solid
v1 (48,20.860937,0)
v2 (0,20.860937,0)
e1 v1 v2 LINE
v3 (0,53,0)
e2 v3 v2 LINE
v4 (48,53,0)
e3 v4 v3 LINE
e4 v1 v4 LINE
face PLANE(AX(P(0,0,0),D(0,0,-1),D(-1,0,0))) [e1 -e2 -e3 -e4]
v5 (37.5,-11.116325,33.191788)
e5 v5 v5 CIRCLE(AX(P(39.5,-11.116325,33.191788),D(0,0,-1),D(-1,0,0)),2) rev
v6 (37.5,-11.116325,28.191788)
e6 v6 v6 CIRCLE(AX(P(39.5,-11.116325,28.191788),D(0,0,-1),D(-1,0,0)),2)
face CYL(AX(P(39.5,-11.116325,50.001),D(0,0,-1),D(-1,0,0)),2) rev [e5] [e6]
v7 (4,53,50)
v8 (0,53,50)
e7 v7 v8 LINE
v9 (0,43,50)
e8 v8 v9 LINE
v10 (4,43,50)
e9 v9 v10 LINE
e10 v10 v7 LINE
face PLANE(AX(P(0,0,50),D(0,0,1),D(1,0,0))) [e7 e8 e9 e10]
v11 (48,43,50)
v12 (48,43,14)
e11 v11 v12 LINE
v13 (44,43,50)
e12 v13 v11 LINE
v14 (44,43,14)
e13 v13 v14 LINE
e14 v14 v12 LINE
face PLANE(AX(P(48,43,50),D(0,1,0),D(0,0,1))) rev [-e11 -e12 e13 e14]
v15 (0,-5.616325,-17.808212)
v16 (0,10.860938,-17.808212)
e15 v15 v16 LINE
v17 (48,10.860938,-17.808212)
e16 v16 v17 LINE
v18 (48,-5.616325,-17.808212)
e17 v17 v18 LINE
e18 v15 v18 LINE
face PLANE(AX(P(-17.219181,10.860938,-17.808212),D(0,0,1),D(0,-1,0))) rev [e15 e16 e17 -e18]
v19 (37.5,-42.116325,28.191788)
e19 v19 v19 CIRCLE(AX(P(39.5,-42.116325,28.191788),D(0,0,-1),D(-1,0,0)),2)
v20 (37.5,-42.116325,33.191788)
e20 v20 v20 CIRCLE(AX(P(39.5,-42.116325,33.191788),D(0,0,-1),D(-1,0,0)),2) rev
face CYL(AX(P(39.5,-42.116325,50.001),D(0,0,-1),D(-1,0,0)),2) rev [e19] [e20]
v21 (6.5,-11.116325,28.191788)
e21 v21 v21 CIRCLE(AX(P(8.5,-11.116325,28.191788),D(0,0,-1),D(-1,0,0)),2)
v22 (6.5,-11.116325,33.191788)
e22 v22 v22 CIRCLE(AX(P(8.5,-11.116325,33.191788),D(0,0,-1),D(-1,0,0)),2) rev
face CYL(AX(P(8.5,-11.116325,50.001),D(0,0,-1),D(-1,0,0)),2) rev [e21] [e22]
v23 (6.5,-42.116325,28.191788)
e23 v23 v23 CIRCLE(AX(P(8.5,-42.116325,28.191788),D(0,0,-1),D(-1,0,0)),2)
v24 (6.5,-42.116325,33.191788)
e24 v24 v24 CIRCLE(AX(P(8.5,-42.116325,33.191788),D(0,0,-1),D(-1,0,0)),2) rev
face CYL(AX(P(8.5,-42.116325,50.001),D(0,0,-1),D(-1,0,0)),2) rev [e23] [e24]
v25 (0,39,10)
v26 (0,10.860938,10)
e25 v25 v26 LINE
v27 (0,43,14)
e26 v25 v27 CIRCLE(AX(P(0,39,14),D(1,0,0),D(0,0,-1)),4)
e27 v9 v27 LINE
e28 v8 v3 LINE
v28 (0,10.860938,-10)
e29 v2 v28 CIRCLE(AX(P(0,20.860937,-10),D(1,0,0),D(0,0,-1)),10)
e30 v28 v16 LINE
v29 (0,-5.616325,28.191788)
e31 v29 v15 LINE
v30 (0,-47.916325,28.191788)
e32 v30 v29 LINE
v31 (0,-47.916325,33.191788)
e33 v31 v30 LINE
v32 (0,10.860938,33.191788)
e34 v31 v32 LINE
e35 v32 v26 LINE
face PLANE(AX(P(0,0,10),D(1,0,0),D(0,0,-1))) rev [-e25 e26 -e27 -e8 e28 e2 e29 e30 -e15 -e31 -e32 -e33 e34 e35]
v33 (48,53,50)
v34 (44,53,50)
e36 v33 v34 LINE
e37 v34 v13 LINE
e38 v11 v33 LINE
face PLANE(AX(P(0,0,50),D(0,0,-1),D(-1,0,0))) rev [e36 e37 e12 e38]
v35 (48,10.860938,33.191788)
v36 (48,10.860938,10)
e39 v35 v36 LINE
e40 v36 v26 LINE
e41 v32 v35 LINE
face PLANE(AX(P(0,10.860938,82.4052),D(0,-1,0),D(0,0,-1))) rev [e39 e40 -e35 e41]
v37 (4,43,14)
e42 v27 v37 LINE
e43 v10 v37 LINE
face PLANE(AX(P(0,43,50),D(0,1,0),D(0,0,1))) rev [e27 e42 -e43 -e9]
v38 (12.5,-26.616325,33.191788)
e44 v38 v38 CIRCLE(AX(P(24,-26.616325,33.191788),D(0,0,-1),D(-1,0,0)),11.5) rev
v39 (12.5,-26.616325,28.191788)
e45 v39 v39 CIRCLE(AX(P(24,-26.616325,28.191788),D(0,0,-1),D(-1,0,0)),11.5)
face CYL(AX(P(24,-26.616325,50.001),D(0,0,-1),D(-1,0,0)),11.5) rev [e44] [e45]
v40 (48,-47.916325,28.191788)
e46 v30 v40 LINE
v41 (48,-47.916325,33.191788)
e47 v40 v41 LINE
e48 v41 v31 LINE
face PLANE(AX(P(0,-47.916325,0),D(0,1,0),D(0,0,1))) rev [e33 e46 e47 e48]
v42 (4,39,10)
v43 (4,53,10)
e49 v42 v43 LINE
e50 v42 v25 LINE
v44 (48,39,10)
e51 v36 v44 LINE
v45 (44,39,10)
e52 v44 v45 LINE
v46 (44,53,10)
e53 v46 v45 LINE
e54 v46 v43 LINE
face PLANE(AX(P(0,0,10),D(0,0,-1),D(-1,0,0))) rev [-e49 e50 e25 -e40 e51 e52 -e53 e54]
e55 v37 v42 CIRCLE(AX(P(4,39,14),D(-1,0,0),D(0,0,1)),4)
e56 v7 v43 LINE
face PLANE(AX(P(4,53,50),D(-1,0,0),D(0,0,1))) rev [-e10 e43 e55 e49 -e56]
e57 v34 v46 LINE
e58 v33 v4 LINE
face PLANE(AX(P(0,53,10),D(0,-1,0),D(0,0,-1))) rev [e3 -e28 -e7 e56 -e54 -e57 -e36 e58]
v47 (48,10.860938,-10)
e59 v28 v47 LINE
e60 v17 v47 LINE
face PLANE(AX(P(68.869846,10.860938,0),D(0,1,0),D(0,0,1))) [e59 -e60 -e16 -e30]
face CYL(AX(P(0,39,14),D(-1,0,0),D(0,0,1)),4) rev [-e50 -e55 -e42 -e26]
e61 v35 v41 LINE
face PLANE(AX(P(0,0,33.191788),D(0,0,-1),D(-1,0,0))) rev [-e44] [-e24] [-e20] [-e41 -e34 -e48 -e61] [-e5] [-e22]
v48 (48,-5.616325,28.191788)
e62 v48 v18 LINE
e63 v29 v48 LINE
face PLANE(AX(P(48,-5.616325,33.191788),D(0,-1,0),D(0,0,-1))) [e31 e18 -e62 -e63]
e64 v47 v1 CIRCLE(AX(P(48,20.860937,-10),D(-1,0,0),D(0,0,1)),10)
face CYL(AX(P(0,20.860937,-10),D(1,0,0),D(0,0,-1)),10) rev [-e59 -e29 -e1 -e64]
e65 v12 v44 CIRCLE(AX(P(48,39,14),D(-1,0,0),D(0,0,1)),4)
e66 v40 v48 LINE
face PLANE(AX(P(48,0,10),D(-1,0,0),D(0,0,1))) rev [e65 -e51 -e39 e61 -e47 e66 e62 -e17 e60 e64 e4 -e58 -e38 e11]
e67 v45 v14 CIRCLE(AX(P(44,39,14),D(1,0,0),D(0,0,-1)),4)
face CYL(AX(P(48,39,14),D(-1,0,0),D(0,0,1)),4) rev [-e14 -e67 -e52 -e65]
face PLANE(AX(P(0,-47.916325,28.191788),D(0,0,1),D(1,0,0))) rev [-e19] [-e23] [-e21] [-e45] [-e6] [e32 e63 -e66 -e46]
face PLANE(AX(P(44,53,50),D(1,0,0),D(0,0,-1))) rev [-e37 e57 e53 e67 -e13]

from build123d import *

# Parameters (mm, degrees)
SKETCH1_W           = 48
SKETCH1_H           = 53
BOSS_EXTRUDE1_DEPTH = 10
SKETCH2_W           = 48
SKETCH2_H           = 5.616325
BOSS_EXTRUDE2_DEPTH = 33.1917878
SKETCH4_W           = 4
SKETCH4_H           = 10
BOSS_EXTRUDE4_DEPTH = 40
SKETCH5_W           = 48
SKETCH5_H           = 10.8609375
BOSS_EXTRUDE5_DEPTH = 23.1917878
SKETCH6_W           = 48
SKETCH6_H           = 5
BOSS_EXTRUDE6_DEPTH = 42.3
SKETCH7_W           = 12.8082122
SKETCH7_H           = 16.4772625
BOSS_EXTRUDE7_DEPTH = 48
CUT_EXTRUDE1_REACH  = 84.426
SKETCH8_R           = 11.5
SKETCH8_R_2         = 2
FILLET1_R           = 10
FILLET2_R           = 4
SKETCH9_W           = 5
SKETCH9_H           = 16.4772625
BOSS_EXTRUDE9_DEPTH = 48


with BuildPart() as part:
    # Sketch1 → Boss-Extrude1 (new body)
    with BuildSketch(Plane.XY):
        with Locations((24, 26.5)):
            Rectangle(SKETCH1_W, SKETCH1_H)
    extrude(amount=BOSS_EXTRUDE1_DEPTH)

    # Sketch2 → Boss-Extrude2 (add)
    with BuildSketch(Plane(origin=(0, 0, 0), x_dir=(-1, 0, 0), z_dir=(0, 0, -1))):
        with Locations((-24, -2.8081625)):
            Rectangle(SKETCH2_W, SKETCH2_H)
    extrude(amount=-BOSS_EXTRUDE2_DEPTH)

    # Sketch4 → Boss-Extrude4 (add)
    with BuildSketch(Plane.XY.offset(10)):
        with Locations((2, 48)):
            Rectangle(SKETCH4_W, SKETCH4_H)
        with Locations((46, 48)):
            Rectangle(SKETCH4_W, SKETCH4_H)
    extrude(amount=BOSS_EXTRUDE4_DEPTH)

    # Sketch5 → Boss-Extrude5 (add)
    with BuildSketch(Plane.XY.offset(10)):
        with Locations((24, 5.43046875)):
            Rectangle(SKETCH5_W, SKETCH5_H)
    extrude(amount=BOSS_EXTRUDE5_DEPTH)

    # Sketch6 → Boss-Extrude6 (add)
    with BuildSketch(Plane.XZ.offset(5.616325)):
        with Locations((24, 30.6917878)):
            Rectangle(SKETCH6_W, SKETCH6_H)
    extrude(amount=BOSS_EXTRUDE6_DEPTH)

    # Sketch7 → Boss-Extrude7 (add)
    with BuildSketch(Plane.ZY):
        with Locations((-6.4041061, 2.62230625)):
            Rectangle(SKETCH7_W, SKETCH7_H)
    extrude(amount=-BOSS_EXTRUDE7_DEPTH)

    # Sketch8 → Cut-Extrude1 (cut, up to next)
    with BuildSketch(Plane(origin=(0, 0, 28.1917878), x_dir=(-1, 0, 0), z_dir=(0, 0, -1)), mode=Mode.PRIVATE) as cut_extrude1_sk1:
        with Locations((-24, -26.616325)):
            Circle(SKETCH8_R)
    cut_extrude1_tool1 = extrude(cut_extrude1_sk1.sketch, amount=-CUT_EXTRUDE1_REACH, mode=Mode.PRIVATE) & part.part
    # Sketch8 → Cut-Extrude1 (cut, up to next)
    with BuildSketch(Plane(origin=(0, 0, 28.1917878), x_dir=(-1, 0, 0), z_dir=(0, 0, -1)), mode=Mode.PRIVATE) as cut_extrude1_sk2:
        with Locations((-39.5, -11.116325)):
            Circle(SKETCH8_R_2)
    cut_extrude1_tool2 = extrude(cut_extrude1_sk2.sketch, amount=-CUT_EXTRUDE1_REACH, mode=Mode.PRIVATE) & part.part
    # Sketch8 → Cut-Extrude1 (cut, up to next)
    with BuildSketch(Plane(origin=(0, 0, 28.1917878), x_dir=(-1, 0, 0), z_dir=(0, 0, -1)), mode=Mode.PRIVATE) as cut_extrude1_sk3:
        with Locations((-39.5, -42.116325)):
            Circle(SKETCH8_R_2)
    cut_extrude1_tool3 = extrude(cut_extrude1_sk3.sketch, amount=-CUT_EXTRUDE1_REACH, mode=Mode.PRIVATE) & part.part
    # Sketch8 → Cut-Extrude1 (cut, up to next)
    with BuildSketch(Plane(origin=(0, 0, 28.1917878), x_dir=(-1, 0, 0), z_dir=(0, 0, -1)), mode=Mode.PRIVATE) as cut_extrude1_sk4:
        with Locations((-8.5, -11.116325)):
            Circle(SKETCH8_R_2)
    cut_extrude1_tool4 = extrude(cut_extrude1_sk4.sketch, amount=-CUT_EXTRUDE1_REACH, mode=Mode.PRIVATE) & part.part
    # Sketch8 → Cut-Extrude1 (cut, up to next)
    with BuildSketch(Plane(origin=(0, 0, 28.1917878), x_dir=(-1, 0, 0), z_dir=(0, 0, -1)), mode=Mode.PRIVATE) as cut_extrude1_sk5:
        with Locations((-8.5, -42.116325)):
            Circle(SKETCH8_R_2)
    cut_extrude1_tool5 = extrude(cut_extrude1_sk5.sketch, amount=-CUT_EXTRUDE1_REACH, mode=Mode.PRIVATE) & part.part
    add(cut_extrude1_tool1.solids().sort_by_distance((24, -26.616325, 28.191788))[0], mode=Mode.SUBTRACT)
    add(cut_extrude1_tool2.solids().sort_by_distance((39.5, -11.116325, 28.191788))[0], mode=Mode.SUBTRACT)
    add(cut_extrude1_tool3.solids().sort_by_distance((39.5, -42.116325, 28.191788))[0], mode=Mode.SUBTRACT)
    add(cut_extrude1_tool4.solids().sort_by_distance((8.5, -11.116325, 28.191788))[0], mode=Mode.SUBTRACT)
    add(cut_extrude1_tool5.solids().sort_by_distance((8.5, -42.116325, 28.191788))[0], mode=Mode.SUBTRACT)

    # Fillet1
    fillet1_edges = [part.edges().sort_by_distance(p)[0] for p in [
        (24, 10.8609375, 0),
    ]]
    fillet(fillet1_edges, radius=FILLET1_R)

    # Fillet2
    fillet2_edges = [part.edges().sort_by_distance(p)[0] for p in [
        (2, 43, 10),
        (46, 43, 10),
    ]]
    fillet(fillet2_edges, radius=FILLET2_R)

    # Sketch9 → Boss-Extrude9 (add)
    with BuildSketch(Plane(origin=(48, 0, 0), x_dir=(0, 0, -1), z_dir=(1, 0, 0))):
        with Locations((15.3082122, 2.62230625)):
            Rectangle(SKETCH9_W, SKETCH9_H)
    extrude(amount=-BOSS_EXTRUDE9_DEPTH)


solid = part.part
